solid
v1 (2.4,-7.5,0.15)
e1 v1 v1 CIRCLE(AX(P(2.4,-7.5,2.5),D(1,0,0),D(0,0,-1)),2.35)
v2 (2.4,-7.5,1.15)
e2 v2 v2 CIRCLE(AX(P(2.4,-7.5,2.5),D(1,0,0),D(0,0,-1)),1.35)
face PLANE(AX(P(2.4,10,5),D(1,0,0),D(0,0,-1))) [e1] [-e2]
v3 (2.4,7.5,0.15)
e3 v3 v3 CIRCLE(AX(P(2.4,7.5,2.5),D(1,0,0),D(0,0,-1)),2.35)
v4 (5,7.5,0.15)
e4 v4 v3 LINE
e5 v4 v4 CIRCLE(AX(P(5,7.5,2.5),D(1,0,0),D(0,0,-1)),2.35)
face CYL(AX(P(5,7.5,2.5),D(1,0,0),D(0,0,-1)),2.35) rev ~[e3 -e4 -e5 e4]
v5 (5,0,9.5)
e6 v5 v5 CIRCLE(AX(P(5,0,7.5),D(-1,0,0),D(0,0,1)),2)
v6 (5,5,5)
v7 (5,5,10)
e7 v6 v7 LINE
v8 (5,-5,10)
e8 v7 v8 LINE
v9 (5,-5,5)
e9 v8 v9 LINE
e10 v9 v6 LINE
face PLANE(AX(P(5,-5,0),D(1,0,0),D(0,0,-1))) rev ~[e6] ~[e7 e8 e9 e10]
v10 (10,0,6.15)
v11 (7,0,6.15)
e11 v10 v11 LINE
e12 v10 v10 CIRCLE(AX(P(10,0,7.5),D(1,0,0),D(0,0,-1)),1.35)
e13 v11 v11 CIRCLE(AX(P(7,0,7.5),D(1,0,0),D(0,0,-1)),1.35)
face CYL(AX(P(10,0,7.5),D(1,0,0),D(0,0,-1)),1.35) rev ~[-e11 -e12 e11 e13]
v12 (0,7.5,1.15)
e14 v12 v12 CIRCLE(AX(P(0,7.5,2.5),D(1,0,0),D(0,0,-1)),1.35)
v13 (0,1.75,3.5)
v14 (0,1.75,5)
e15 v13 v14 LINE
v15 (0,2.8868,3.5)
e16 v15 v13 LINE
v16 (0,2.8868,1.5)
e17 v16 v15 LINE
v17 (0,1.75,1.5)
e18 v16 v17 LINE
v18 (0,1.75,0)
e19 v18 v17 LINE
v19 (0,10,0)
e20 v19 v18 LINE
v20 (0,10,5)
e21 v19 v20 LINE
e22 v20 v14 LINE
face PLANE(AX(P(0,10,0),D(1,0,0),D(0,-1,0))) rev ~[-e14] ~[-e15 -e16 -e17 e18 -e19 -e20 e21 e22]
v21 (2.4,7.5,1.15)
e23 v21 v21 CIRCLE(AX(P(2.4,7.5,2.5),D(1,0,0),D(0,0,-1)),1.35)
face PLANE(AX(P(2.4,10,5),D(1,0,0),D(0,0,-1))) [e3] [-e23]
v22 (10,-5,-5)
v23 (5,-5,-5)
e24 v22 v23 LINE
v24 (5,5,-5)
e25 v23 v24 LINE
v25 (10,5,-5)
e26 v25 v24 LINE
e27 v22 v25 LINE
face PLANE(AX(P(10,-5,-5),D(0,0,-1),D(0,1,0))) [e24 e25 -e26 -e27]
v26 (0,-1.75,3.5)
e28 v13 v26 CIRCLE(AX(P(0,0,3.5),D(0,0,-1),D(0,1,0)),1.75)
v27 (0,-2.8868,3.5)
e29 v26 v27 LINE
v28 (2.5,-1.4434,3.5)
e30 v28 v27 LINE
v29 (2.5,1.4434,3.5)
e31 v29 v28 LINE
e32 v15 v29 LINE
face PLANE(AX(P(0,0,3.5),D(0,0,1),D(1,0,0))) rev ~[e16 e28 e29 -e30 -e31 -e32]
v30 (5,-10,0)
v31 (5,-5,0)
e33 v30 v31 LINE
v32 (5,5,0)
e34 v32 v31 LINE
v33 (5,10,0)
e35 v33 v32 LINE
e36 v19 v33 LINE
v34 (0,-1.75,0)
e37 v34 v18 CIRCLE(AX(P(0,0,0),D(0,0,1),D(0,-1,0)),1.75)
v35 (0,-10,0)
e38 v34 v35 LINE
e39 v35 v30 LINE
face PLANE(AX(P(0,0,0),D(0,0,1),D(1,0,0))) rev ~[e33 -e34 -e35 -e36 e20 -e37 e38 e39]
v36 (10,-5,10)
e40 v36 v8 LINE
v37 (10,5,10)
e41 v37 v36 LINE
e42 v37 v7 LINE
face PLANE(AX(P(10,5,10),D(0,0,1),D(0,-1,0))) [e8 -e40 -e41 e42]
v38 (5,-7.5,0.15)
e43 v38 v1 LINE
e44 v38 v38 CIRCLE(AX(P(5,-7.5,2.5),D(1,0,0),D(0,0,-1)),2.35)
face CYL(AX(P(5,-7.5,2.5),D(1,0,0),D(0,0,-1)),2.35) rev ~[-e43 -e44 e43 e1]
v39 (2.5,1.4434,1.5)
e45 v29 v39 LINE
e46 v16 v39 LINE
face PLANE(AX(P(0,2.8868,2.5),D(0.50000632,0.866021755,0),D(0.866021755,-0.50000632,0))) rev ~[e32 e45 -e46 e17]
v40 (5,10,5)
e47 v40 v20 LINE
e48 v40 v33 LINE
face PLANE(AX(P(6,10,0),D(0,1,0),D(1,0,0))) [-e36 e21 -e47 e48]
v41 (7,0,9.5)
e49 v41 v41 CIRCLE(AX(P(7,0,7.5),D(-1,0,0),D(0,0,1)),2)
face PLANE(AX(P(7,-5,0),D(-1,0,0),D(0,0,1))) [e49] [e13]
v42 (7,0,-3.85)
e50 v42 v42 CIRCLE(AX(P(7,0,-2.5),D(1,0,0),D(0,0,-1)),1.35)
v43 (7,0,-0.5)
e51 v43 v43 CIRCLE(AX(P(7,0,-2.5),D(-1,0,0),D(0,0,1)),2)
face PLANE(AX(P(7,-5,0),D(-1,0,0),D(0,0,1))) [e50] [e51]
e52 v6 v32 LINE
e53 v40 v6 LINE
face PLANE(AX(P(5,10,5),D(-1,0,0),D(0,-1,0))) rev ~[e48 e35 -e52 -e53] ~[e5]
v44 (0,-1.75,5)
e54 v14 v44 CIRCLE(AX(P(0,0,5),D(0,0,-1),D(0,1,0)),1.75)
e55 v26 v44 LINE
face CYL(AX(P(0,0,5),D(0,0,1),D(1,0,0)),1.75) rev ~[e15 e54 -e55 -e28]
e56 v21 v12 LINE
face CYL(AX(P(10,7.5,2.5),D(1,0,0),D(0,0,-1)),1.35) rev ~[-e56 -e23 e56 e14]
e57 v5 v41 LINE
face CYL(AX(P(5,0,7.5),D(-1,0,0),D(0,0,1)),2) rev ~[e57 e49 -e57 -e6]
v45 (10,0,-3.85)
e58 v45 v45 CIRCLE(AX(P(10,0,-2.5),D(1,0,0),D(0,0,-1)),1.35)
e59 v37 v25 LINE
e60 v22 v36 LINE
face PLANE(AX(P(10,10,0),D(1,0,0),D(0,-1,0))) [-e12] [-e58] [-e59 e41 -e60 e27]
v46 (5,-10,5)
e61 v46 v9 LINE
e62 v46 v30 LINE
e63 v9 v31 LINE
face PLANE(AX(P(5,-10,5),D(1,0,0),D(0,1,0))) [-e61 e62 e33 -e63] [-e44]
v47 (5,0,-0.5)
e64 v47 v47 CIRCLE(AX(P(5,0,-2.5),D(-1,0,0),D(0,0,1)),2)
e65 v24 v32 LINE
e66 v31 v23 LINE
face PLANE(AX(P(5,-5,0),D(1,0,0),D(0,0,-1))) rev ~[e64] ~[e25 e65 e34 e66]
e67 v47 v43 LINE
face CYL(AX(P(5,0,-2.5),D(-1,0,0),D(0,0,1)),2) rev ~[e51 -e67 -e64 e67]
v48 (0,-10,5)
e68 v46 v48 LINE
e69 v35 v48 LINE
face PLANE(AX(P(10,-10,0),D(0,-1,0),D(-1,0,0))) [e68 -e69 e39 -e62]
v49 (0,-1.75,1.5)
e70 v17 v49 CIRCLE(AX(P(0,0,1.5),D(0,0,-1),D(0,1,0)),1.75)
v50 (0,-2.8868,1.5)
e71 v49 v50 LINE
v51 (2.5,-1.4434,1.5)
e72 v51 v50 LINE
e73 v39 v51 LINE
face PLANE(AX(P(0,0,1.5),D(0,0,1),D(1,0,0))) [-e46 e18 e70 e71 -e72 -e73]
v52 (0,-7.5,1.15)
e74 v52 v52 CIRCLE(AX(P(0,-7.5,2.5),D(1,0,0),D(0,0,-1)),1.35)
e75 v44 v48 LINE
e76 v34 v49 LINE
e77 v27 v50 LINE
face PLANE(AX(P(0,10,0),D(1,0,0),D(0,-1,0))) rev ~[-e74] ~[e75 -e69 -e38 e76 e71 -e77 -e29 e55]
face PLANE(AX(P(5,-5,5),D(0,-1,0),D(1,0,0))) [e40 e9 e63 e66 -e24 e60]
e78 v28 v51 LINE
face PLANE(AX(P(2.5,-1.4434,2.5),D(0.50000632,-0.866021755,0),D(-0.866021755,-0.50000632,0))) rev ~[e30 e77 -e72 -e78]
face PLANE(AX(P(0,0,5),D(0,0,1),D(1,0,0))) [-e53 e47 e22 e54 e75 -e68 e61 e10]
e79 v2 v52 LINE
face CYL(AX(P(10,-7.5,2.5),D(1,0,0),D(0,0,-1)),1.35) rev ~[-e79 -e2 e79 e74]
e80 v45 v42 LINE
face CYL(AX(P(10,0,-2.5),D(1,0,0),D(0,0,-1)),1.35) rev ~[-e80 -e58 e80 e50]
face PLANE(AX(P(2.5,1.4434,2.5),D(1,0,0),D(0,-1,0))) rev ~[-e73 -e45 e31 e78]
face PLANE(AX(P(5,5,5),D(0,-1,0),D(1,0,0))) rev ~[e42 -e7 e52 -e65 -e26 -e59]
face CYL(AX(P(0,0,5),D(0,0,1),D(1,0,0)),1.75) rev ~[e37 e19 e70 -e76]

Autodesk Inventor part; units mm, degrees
ref_plane "YZ Plane" through (0, 0, 0) normal (1, 0, 0) x (0, 1, 0)
ref_plane "XZ Plane" through (0, 0, 0) normal (0, 1, 0) x (-1, 0, 0)
sketch "Sketch1" plane through (0, 0, 0) normal (0, 0, 1) x (1, 0, 0)
  line L0 (10, -10) -> (-10, -10)
  line L1 (-10, -10) -> (-10, 10)
  line L2 (-10, 10) -> (10, 10)
  line L3 (10, 10) -> (10, -10)
  line L4 (10, -10) -> (-10, 10) construction
  line L5 (-10, -10) -> (10, 10) construction
  line L6 (10, -10) -> (6, -10)
  line L7 (6, 10) -> (10, 10)
  line L8 (10, 10) -> (10, -10)
  line L9 (0, 10) -> (0, -10)
  line L10 (0, -10) -> (0, 10)
  point P0 (0, 0)
  dimension "d0" = 20
  dimension "d1" = 20
extrude "Extrusion1" add sketch "Sketch1" along normal blind 5 contours L0 L9 L2 L3
ref_plane "Work Plane1" through (0, 0, 2.5) normal (0, 0, 1) x (1, 0, 0)
sketch "Sketch2" plane through (0, 0, 2.5) normal (0, 0, 1) x (1, 0, 0)
  line L0 (0, 10) -> (0, -10) projected
  line L1 (0, 2.8868) -> (2.5, 1.4434)
  line L2 (2.5, 1.4434) -> (2.5, -1.4434)
  line L3 (2.5, -1.4434) -> (0, -2.8868)
  line L4 (0, -2.8868) -> (-2.5, -1.4434)
  line L5 (-2.5, -1.4434) -> (-2.5, 1.4434)
  line L6 (-2.5, 1.4434) -> (0, 2.8868)
  point P0 (0, 0)
  point P1 (0, 0)
  dimension "d12" = 5
extrude "Extrusion2" cut sketch "Sketch2" along normal mid plane 2
sketch "Sketch3" plane through (0, 0, 5) normal (0, 0, 1) x (1, 0, 0)
  circle A0 centre (0, 0) radius 1.75
  dimension "d15" = 3.5
extrude "Extrusion3" cut sketch "Sketch3" against normal blind 8
sketch "Sketch4" plane through (10, -10, 0) normal (1, 0, 0) x (0, 0, -1)
  circle A0 centre (-2.5, 17.5) radius 1.35
  circle A1 centre (-2.5, 2.5) radius 1.35
  line L0 (0, 20) -> (-5, 20) projected
  line L1 (0, 0) -> (-5, 0) projected
  line L2 (0, 0) -> (0, 20) projected
  point P0 (0, 10)
  dimension "d18" = 2.5
  dimension "d19" = 2.5
  dimension "d20" = 2.5
  dimension "d21" = 2.5
  dimension "d22" = 2.7
  dimension "d23" = 2.7
extrude "Extrusion4" cut sketch "Sketch4" against normal blind 25
sketch "Sketch5" plane through (10, -10, 0) normal (1, 0, 0) x (0, 0, -1)
  circle A0 centre (-2.5, 17.5) radius 1.35 projected
  circle A1 centre (-2.5, 17.5) radius 2
  circle A2 centre (-2.5, 2.5) radius 1.35 projected
  circle A3 centre (-2.5, 2.5) radius 2
  point P0 (0, 10)
  dimension "d26" = 4
  dimension "d27" = 4
extrude "Extrusion5" cut sketch "Sketch5" against normal blind 4 contours A0 | A1 | A2 | A3
sketch "Sketch6" plane through (0, 0, 5) normal (0, 0, 1) x (1, 0, 0)
  point P0 (0, 0)
sketch "Sketch7" plane through (0, 0, 5) normal (0, 0, 1) x (1, 0, 0)
  line L0 (10, -10) -> (10, 10) projected
  line L1 (10, 10) -> (5, 10)
  line L2 (5, 10) -> (5, 5)
  line L3 (5, 5) -> (10, 5)
  line L4 (10, 5) -> (10, 10)
  line L5 (0, -10) -> (10, -10) projected
  line L6 (10, -10) -> (5, -10)
  line L7 (5, -10) -> (5, -5)
  line L8 (5, -5) -> (10, -5)
  line L9 (10, -5) -> (10, -10)
  point P0 (0, 0)
  dimension "d30" = 5
  dimension "d31" = 5
  dimension "d32" = 5
  dimension "d33" = 5
extrude "Extrusion6" cut sketch "Sketch7" against normal blind 10
sketch "Sketch8" plane through (10, -5, 0) normal (1, 0, 0) x (0, 0, -1)
  line L0 (0, 0) -> (5, 0)
  line L1 (5, 0) -> (5, 10)
  line L2 (5, 10) -> (0, 10)
  line L3 (0, 10) -> (0, 0)
  line L4 (-5, 0) -> (-5, 10) projected
  line L5 (-5, 10) -> (-10, 10)
  line L6 (-10, 10) -> (-10, 0)
  line L7 (-10, 0) -> (-5, 0)
  line L8 (-5, 0) -> (-5, 10)
  circle A0 centre (-7.5, 5) radius 1.35
  circle A1 centre (2.5, 5) radius 1.35
  point P0 (0, 5)
  point P1 (-7.5, 0)
  dimension "d36" = 5
  dimension "d37" = 5
  dimension "d38" = 5
  dimension "d39" = 2.7
  dimension "d40" = 2.7
  dimension "d41" = 5
  dimension "d42" = 5
  dimension "d43" = 5
  dimension "d44" = 5
  dimension "d45" = 2.5
  dimension "d46" = 2.5
extrude "Extrusion7" add sketch "Sketch8" against normal blind 5
sketch "Sketch9" plane through (5, -5, 0) normal (-1, 0, 0) x (0, 0, 1)
  circle A0 centre (7.5, 5) radius 1.35 projected
  circle A1 centre (7.5, 5) radius 2
  circle A2 centre (-2.5, 5) radius 1.35 projected
  circle A3 centre (-2.5, 5) radius 2
  point P0 (0, 5)
  dimension "d49" = 4
  dimension "d50" = 4
extrude "Extrusion8" cut sketch "Sketch9" against normal blind 2 contours A0 | A1 | A2 | A3
sketch "Sketch10" plane through (5, 10, 5) normal (1, 0, 0) x (0, 0, -1)
  circle A0 centre (2.5, -2.5) radius 1.35 projected
  circle A1 centre (2.5, -2.5) radius 2.35
  circle A2 centre (2.5, -17.5) radius 1.35 projected
  circle A3 centre (2.5, -17.5) radius 2.35
  point P0 (5, -10)
  dimension "d53" = 4.7
  dimension "d54" = 4.7
extrude "Extrusion9" cut sketch "Sketch10" against normal blind 2.6
equation "\"d18\" = d19"
equation "\"d20\" = d19"
equation "\"d21\" = d19"
equation "\"d23\" = d22"
equation "\"d27\" = d26"
equation "\"d39\" = d40"
equation "\"d42\" = d41"
equation "\"d50\" = d49"
properties part number "POMSliderMotor" material "Acetal Resin, White"
